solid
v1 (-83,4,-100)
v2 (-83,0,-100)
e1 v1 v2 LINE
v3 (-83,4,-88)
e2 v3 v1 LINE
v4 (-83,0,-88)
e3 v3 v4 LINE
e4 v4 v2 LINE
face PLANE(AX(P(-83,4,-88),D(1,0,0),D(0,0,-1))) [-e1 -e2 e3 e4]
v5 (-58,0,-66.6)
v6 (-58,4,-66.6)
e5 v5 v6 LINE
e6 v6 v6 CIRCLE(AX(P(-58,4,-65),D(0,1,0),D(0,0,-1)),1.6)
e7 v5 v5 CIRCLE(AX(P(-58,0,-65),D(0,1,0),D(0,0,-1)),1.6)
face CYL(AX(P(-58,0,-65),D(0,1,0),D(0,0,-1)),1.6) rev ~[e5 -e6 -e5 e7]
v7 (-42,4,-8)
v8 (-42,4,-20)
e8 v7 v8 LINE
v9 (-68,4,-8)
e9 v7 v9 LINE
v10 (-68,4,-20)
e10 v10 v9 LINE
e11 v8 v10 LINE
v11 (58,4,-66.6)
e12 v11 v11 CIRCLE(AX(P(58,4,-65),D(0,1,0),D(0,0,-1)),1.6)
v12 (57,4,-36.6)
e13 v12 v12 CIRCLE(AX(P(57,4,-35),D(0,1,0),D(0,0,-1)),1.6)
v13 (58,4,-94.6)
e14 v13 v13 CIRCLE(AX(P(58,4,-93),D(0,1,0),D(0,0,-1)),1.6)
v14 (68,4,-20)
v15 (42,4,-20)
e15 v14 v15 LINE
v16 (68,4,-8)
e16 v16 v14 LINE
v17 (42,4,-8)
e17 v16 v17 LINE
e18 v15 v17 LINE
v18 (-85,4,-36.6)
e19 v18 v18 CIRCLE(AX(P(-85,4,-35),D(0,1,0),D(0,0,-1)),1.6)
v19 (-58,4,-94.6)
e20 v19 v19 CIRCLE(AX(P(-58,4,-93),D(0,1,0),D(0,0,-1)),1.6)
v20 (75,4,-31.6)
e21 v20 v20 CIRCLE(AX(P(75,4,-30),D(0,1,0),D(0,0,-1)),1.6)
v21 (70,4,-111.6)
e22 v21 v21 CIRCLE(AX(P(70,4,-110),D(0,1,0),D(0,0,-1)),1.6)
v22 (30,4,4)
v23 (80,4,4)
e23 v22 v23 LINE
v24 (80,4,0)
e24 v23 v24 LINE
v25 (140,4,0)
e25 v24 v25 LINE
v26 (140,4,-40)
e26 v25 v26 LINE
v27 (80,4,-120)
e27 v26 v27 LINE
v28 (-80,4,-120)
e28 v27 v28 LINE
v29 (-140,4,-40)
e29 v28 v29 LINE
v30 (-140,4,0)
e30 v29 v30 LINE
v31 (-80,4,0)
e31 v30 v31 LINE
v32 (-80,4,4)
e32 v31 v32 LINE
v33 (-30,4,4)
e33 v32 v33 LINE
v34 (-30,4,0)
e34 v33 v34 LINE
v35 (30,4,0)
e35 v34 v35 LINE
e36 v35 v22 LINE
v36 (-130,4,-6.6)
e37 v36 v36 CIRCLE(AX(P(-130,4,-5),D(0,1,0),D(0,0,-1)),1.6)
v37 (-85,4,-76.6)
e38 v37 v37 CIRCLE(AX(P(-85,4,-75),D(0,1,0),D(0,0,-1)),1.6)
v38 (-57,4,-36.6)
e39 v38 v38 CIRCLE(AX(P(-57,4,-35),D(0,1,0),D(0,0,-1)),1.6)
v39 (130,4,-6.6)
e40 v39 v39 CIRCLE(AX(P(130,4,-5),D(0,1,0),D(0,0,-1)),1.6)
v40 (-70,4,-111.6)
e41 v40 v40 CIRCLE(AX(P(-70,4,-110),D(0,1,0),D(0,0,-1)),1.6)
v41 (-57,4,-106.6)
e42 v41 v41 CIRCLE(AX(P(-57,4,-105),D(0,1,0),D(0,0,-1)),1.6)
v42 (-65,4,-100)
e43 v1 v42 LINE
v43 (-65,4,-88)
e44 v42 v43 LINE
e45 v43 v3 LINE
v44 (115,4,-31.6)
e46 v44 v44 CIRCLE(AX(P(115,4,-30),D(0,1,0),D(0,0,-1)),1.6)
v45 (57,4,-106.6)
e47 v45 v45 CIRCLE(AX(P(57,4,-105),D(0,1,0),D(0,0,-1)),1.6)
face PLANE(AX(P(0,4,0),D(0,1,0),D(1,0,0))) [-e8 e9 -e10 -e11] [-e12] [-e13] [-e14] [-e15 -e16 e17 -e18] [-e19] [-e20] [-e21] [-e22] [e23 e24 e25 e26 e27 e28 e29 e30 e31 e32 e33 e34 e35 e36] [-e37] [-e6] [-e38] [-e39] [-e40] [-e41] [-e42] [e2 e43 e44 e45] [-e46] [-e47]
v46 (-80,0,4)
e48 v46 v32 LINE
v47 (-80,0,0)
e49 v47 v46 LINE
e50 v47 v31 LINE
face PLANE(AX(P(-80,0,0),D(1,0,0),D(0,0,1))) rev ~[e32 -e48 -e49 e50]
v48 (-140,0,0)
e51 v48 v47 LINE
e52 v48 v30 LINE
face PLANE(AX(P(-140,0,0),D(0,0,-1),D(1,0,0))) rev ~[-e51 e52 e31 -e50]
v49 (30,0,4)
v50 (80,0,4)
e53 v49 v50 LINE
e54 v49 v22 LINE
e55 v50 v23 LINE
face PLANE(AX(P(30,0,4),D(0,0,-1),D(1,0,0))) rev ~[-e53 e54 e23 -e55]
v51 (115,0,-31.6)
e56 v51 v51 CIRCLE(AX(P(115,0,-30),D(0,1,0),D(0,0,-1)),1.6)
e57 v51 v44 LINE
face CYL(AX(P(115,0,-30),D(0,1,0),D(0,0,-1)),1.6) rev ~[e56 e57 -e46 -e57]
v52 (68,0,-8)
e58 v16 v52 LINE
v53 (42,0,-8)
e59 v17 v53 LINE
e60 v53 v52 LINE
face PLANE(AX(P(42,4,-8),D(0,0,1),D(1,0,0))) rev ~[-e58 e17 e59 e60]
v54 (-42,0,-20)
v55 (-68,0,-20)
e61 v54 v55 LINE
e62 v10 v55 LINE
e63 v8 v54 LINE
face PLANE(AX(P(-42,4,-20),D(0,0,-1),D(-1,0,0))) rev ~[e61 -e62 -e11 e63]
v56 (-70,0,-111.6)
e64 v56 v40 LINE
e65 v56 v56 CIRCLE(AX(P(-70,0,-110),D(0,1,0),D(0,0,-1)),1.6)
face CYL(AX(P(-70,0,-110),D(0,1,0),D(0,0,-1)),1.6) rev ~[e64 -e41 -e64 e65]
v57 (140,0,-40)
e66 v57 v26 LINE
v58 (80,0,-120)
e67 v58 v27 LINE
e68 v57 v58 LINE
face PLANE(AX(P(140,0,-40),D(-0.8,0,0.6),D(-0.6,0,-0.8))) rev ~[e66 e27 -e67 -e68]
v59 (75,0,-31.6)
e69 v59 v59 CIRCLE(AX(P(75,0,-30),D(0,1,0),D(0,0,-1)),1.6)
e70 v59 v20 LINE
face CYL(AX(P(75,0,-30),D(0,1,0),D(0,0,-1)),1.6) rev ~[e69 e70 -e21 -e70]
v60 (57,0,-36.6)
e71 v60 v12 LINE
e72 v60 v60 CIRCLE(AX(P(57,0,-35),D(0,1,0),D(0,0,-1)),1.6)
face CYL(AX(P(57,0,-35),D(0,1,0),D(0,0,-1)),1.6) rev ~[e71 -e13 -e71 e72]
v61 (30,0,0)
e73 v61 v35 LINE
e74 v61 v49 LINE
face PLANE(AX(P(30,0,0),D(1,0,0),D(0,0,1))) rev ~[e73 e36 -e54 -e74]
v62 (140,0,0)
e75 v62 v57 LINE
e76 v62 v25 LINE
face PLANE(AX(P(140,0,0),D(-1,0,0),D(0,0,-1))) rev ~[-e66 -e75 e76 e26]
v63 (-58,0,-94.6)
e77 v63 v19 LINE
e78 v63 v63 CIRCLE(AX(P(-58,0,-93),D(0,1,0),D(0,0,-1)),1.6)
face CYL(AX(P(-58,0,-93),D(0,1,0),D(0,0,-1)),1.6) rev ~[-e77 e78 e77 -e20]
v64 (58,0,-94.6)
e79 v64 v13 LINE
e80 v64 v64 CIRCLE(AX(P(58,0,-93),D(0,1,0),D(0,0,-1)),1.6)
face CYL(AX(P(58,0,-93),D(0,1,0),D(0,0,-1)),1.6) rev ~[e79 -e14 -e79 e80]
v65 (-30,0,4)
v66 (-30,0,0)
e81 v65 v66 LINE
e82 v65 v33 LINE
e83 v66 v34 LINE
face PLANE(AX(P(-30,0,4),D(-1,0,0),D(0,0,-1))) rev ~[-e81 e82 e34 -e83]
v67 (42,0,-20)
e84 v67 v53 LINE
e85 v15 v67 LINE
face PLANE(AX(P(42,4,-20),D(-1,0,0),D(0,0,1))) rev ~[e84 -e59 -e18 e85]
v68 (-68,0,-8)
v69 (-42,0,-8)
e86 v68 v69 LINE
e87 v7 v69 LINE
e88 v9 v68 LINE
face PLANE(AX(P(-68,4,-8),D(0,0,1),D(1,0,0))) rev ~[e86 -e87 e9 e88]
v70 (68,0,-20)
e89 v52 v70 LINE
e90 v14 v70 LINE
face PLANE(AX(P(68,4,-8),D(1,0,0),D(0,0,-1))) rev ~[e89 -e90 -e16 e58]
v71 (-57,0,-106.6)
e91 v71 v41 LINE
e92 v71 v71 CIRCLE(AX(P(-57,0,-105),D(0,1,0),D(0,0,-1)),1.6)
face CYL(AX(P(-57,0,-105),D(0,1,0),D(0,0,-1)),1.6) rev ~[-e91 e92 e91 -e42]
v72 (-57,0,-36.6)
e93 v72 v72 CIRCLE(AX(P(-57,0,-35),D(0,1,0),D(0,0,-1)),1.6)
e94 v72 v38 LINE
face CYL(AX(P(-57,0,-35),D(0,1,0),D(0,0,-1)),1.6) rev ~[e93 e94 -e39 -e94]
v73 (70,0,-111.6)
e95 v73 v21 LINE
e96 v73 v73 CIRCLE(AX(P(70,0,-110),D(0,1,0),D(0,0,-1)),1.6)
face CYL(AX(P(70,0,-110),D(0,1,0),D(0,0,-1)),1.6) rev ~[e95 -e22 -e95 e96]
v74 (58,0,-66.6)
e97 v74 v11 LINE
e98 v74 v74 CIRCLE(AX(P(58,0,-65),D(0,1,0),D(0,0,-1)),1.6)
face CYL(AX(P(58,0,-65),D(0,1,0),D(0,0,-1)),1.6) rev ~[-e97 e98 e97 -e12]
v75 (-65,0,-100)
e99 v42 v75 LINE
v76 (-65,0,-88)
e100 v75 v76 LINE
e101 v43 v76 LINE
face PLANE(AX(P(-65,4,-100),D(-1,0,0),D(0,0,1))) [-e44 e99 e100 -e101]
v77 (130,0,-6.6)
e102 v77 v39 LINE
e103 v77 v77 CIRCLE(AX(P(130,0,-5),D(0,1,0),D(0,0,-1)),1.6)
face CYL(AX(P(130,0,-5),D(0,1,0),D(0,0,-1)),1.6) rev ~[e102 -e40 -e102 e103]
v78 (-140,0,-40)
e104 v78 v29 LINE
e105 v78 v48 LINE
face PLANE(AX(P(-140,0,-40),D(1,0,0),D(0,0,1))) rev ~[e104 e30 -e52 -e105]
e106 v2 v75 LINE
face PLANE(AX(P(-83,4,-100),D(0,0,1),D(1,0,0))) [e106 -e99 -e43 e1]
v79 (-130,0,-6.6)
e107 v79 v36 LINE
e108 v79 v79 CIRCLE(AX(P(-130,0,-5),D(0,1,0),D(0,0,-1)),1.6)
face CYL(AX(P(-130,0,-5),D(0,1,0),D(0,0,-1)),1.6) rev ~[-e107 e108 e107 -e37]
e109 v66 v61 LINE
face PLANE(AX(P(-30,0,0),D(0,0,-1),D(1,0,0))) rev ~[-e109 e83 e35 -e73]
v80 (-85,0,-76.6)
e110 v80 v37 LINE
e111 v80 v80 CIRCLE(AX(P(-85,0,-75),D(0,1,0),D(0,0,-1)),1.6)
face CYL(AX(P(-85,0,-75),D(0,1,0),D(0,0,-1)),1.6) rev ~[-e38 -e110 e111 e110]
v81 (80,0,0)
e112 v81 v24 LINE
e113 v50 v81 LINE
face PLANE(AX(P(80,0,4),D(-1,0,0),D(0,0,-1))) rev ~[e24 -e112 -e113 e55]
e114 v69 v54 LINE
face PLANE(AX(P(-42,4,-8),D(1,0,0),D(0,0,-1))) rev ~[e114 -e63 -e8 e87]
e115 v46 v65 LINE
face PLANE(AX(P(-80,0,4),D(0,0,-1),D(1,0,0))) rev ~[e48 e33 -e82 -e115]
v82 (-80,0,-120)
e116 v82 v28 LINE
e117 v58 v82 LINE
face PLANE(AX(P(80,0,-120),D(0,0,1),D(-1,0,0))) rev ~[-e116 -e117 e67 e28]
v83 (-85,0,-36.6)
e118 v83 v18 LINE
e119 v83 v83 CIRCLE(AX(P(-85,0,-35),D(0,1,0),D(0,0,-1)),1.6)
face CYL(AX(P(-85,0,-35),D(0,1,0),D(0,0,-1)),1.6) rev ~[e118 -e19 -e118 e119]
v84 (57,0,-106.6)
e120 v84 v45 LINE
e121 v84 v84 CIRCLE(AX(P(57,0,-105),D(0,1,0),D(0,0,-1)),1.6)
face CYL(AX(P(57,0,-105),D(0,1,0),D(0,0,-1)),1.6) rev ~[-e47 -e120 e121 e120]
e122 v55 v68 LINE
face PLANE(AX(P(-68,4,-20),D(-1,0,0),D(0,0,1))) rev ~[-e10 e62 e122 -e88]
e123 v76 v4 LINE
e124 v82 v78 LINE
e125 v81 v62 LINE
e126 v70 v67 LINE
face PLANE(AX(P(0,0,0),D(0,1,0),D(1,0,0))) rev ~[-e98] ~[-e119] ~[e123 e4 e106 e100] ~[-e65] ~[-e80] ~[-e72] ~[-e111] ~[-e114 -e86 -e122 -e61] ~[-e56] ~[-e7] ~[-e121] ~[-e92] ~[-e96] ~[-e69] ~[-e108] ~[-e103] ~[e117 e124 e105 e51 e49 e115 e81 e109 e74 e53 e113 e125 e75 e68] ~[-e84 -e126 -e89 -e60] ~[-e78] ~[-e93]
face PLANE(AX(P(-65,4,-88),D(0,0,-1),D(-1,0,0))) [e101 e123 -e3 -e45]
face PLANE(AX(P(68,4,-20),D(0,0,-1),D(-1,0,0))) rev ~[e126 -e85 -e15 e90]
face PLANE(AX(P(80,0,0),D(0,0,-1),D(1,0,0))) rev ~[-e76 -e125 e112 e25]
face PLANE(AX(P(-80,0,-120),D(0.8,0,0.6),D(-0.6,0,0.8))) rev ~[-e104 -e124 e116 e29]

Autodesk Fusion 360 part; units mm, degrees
sketch "スケッチ1" plane through (0, 0, 0) normal (0, 1, 0) x (1, 0, 0)
  line L0 (-140, 0) -> (-80, 0)
  line L1 (-80, 0) -> (-80, -4)
  line L2 (-80, -4) -> (-30, -4)
  line L3 (-30, -4) -> (-30, 0)
  line L4 (-30, 0) -> (30, 0)
  line L5 (30, 0) -> (30, -4)
  line L6 (30, -4) -> (80, -4)
  line L7 (80, -4) -> (80, 0)
  line L8 (80, 0) -> (140, 0)
  line L9 (140, 0) -> (140, 40)
  line L10 (140, 40) -> (80, 120)
  line L11 (80, 120) -> (-80, 120)
  line L12 (-80, 120) -> (-140, 40)
  line L13 (-140, 40) -> (-140, 0)
  line L14 (-57, 105) -> (57, 105)
  line L15 (75, 30) -> (115, 30)
  line L16 (-85, 35) -> (-85, 75)
  line L17 (-70, 110) -> (70, 110)
  line L18 (-130, 5) -> (130, 5)
  line L19 (-57, 105) -> (-57, 35)
  line L20 (-57, 35) -> (57, 35)
  line L21 (57, 105) -> (57, 35)
  line L22 (-58, 65) -> (58, 65)
  line L23 (58, 65) -> (58, 93)
  line L24 (58, 93) -> (-58, 93)
  line L25 (-58, 93) -> (-58, 65)
  point P0 (0, 120)
  point P1 (0, 105)
  point P2 (0, 110)
  point P3 (0, 5)
  point P4 (0, 65)
  dimension "d1" = 280
  dimension "d2" = 60
  dimension "d3" = 50
  dimension "d4" = 4
  dimension "d5" = 80
  dimension "d6" = 40
  dimension "d7" = 160
  dimension "d22" = 114
  dimension "d23" = 15
  dimension "d27" = 40
  dimension "d28" = 30
  dimension "d29" = 25
  dimension "d30" = 40
  dimension "d31" = 35
  dimension "d32" = 55
  dimension "d36" = 140
  dimension "d37" = 10
  dimension "d38" = 5
  dimension "d39" = 260
  dimension "d40" = 70
  dimension "d41" = 116
  dimension "d42" = 28
  dimension "d43" = 65
extrude "押し出し1" add sketch "スケッチ1" along normal blind 4 contours L0 L1 L2 L3 L4 L5 L6 L7 L8 L9 L10 L11 L12 L13 | L14 L19 L21 L24 | L19 L21 L22 L24 | L19 L22 L24 L25 | L21 L22 L23 L24 | L19 L20 L21 L22
hole "穴1" at (57, 0, -105) at (-57, 0, -105) at (-85, 0, -75) at (-85, 0, -35) at (75, 0, -30) at (115, 0, -30) at (-70, 0, -110) at (70, 0, -110) at (-130, 0, -5) at (130, 0, -5) at (-57, 0, -35) at (57, 0, -35) at (-58, 0, -93) at (-58, 0, -65) at (58, 0, -93) at (58, 0, -65) direction (0, 1, 0) diameter 3.2 end through all
sketch "スケッチ2" plane through (0, 4, 0) normal (0, 1, 0) x (-1, 0, 0)
  circle A0 centre (-58, -93) radius 1.6
  circle A1 centre (58, -93) radius 1.6
  circle A2 centre (57, -35) radius 1.6
  circle A3 centre (130, -5) radius 1.6
  circle A4 centre (70, -110) radius 1.6
  circle A5 centre (-75, -30) radius 1.6
  circle A6 centre (85, -75) radius 1.6
  circle A7 centre (-57, -105) radius 1.6
  circle A8 centre (57, -105) radius 1.6
  circle A9 centre (85, -35) radius 1.6
  circle A10 centre (-115, -30) radius 1.6
  circle A11 centre (-70, -110) radius 1.6
  circle A12 centre (-130, -5) radius 1.6
  circle A13 centre (-57, -35) radius 1.6
  circle A14 centre (58, -65) radius 1.6
  circle A15 centre (-58, -65) radius 1.6
  line L0 (140, -40) -> (140, 0)
  line L1 (140, 0) -> (80, 0)
  line L2 (80, 0) -> (80, 4)
  line L3 (80, 4) -> (30, 4)
  line L4 (30, 4) -> (30, 0)
  line L5 (30, 0) -> (-30, 0)
  line L6 (-30, 0) -> (-30, 4)
  line L7 (-30, 4) -> (-80, 4)
  line L8 (-80, 4) -> (-80, 0)
  line L9 (-80, 0) -> (-140, 0)
  line L10 (-140, 0) -> (-140, -40)
  line L11 (-140, -40) -> (-80, -120)
  line L12 (-80, -120) -> (80, -120)
  line L13 (80, -120) -> (140, -40)
  line L14 (68, -8) -> (42, -8)
  line L15 (42, -8) -> (42, -20)
  line L16 (42, -20) -> (68, -20)
  line L17 (68, -20) -> (68, -8)
  line L18 (-42, -8) -> (-68, -8)
  line L19 (-68, -8) -> (-68, -20)
  line L20 (-68, -20) -> (-42, -20)
  line L21 (-42, -20) -> (-42, -8)
  line L22 (83, -100) -> (65, -100)
  line L23 (65, -100) -> (65, -88)
  line L24 (65, -88) -> (83, -88)
  line L25 (83, -88) -> (83, -100)
  line L26 (55, 4) -> (55, -8)
  line L27 (-55, 4) -> (-55, -8)
  dimension "d44" = 18
  dimension "d45" = 12
  dimension "d46" = 12
  dimension "d47" = 88
  dimension "d48" = 65
  dimension "d50" = 26
extrude "押し出し2" cut sketch "スケッチ2" against normal through all contours L14 L15 L16 L17 | L18 L19 L20 L21 | L22 L23 L24 L25
